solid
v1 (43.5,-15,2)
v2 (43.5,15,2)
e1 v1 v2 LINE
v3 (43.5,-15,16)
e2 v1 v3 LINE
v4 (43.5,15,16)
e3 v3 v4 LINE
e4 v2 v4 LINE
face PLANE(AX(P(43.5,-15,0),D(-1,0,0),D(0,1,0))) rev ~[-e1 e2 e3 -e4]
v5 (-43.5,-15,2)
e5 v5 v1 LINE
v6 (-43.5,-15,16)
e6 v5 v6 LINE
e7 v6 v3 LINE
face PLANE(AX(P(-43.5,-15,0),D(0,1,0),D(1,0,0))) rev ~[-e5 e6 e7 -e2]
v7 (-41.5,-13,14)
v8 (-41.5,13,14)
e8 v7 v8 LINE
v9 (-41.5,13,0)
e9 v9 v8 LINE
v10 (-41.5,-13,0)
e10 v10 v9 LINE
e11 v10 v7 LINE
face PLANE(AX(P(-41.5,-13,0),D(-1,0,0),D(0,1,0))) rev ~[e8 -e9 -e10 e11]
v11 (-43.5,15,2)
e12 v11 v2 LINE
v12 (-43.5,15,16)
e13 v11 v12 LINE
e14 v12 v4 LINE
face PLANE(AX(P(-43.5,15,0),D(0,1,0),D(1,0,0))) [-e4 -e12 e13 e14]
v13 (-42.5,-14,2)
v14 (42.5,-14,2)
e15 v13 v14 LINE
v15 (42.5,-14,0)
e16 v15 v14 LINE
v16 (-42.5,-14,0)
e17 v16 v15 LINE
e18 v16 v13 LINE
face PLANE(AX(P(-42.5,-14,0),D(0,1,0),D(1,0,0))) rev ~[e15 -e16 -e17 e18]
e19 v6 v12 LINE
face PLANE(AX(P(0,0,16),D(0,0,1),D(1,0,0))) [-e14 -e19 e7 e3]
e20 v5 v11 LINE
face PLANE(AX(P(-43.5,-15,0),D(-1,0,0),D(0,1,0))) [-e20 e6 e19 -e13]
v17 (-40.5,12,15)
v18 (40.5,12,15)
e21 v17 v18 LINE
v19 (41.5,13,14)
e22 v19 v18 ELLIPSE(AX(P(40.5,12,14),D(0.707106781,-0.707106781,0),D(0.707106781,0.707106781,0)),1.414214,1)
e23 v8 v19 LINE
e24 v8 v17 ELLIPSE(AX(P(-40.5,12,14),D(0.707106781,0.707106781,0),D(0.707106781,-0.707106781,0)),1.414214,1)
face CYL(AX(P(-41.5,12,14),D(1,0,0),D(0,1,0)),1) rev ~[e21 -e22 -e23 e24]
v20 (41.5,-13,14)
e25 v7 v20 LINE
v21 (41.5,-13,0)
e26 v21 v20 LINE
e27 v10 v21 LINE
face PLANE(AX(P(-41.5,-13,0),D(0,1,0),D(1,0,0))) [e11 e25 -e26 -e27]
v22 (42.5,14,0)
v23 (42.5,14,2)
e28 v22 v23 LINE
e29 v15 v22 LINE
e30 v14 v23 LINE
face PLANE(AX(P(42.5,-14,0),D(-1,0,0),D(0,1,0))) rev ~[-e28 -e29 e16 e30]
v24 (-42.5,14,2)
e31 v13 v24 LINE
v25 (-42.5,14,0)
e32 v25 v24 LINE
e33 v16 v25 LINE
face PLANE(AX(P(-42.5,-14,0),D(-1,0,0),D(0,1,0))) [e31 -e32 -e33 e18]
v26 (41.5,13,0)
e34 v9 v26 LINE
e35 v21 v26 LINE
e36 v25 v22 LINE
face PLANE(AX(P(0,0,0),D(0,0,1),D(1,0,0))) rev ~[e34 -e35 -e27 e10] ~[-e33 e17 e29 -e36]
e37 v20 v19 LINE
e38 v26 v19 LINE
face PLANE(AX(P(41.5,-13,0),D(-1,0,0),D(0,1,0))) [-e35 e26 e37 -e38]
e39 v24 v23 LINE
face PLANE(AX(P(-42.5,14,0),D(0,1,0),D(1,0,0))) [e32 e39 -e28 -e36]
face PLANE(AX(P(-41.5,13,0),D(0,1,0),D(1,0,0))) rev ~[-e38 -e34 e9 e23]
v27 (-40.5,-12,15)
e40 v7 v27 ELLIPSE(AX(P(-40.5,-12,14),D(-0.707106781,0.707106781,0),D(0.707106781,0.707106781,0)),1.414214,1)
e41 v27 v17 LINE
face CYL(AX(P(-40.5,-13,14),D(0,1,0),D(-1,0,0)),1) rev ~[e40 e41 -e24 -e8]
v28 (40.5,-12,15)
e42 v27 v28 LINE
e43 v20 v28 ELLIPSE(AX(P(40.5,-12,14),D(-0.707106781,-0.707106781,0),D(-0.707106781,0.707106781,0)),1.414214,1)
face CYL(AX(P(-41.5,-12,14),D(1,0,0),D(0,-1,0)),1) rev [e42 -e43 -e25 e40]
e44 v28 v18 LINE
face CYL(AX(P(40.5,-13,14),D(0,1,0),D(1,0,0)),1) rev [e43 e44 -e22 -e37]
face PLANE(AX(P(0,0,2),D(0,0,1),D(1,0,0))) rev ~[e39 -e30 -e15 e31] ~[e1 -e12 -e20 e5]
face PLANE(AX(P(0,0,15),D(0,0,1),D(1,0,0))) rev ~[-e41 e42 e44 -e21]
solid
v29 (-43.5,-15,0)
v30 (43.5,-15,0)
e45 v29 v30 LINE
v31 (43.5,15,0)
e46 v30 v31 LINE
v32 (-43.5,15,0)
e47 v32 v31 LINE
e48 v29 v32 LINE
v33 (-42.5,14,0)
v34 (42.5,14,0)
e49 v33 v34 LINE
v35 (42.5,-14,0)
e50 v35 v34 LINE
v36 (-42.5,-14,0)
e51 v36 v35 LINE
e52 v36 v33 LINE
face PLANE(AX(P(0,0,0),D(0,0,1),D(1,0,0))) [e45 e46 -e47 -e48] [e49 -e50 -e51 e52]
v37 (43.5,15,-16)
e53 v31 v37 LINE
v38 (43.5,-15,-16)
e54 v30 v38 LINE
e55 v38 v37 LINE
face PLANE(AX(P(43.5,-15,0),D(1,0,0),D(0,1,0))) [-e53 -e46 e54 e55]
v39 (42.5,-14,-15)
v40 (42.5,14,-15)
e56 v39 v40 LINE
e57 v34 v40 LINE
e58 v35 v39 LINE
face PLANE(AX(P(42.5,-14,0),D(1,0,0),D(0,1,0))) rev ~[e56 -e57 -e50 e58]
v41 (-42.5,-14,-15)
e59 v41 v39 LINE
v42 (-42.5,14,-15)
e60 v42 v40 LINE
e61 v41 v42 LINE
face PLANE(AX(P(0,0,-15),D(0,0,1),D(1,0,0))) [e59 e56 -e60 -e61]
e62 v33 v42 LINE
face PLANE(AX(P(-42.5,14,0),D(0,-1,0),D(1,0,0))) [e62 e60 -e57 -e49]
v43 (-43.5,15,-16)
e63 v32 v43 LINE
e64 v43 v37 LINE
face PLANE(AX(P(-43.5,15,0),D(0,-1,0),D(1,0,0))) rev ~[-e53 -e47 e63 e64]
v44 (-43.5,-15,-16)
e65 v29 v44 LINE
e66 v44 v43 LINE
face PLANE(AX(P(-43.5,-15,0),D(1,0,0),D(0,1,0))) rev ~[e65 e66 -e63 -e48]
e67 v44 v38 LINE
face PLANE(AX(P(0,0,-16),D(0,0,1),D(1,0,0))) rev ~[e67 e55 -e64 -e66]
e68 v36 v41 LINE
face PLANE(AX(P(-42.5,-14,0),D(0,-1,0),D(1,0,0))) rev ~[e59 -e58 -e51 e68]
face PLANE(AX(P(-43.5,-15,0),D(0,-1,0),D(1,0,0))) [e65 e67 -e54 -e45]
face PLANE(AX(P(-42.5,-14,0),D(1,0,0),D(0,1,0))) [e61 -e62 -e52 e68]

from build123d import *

# Parameters (mm, degrees)
SKETCH_W        = 87
SKETCH_H        = 30
PAD_DEPTH       = 16
SKETCH001_W     = 83
SKETCH001_H     = 26
POCKET_DEPTH    = 15
SKETCH002_W     = 87
SKETCH002_H     = 30
SKETCH002_W_2   = 85
SKETCH002_H_2   = 28
POCKET001_DEPTH = 2
FILLET_R        = 1
SKETCH003_W     = 87
SKETCH003_H     = 30
PAD001_DEPTH    = 16
SKETCH004_W     = 85
SKETCH004_H     = 28
POCKET002_DEPTH = 15


with BuildPart() as tilesleeve:
    # Sketch → Pad (new body)
    with BuildSketch(Plane.XY):
        Rectangle(SKETCH_W, SKETCH_H)
    extrude(amount=PAD_DEPTH)

    # Sketch001 → Pocket (cut)
    with BuildSketch(Plane.XY):
        Rectangle(SKETCH001_W, SKETCH001_H)
    extrude(amount=POCKET_DEPTH, mode=Mode.SUBTRACT)

    # Sketch002 → Pocket001 (cut)
    with BuildSketch(Plane.XY):
        Rectangle(SKETCH002_W, SKETCH002_H)
        Rectangle(SKETCH002_W_2, SKETCH002_H_2, mode=Mode.SUBTRACT)
    extrude(amount=POCKET001_DEPTH, mode=Mode.SUBTRACT)

    # Fillet
    fillet_edges = [tilesleeve.edges().sort_by_distance(p)[0] for p in [
        (0, 13, 15),
        (41.5, 0, 15),
        (0, -13, 15),
        (-41.5, 0, 15),
    ]]
    fillet(fillet_edges, radius=FILLET_R)


with BuildPart() as tilelid:
    # Sketch003 → Pad001 (new body)
    with BuildSketch(Plane.XY):
        Rectangle(SKETCH003_W, SKETCH003_H)
    extrude(amount=-PAD001_DEPTH)

    # Sketch004 → Pocket002 (cut)
    with BuildSketch(Plane.XY):
        Rectangle(SKETCH004_W, SKETCH004_H)
    extrude(amount=-POCKET002_DEPTH, mode=Mode.SUBTRACT)


solid = Compound([tilesleeve.part, tilelid.part])
